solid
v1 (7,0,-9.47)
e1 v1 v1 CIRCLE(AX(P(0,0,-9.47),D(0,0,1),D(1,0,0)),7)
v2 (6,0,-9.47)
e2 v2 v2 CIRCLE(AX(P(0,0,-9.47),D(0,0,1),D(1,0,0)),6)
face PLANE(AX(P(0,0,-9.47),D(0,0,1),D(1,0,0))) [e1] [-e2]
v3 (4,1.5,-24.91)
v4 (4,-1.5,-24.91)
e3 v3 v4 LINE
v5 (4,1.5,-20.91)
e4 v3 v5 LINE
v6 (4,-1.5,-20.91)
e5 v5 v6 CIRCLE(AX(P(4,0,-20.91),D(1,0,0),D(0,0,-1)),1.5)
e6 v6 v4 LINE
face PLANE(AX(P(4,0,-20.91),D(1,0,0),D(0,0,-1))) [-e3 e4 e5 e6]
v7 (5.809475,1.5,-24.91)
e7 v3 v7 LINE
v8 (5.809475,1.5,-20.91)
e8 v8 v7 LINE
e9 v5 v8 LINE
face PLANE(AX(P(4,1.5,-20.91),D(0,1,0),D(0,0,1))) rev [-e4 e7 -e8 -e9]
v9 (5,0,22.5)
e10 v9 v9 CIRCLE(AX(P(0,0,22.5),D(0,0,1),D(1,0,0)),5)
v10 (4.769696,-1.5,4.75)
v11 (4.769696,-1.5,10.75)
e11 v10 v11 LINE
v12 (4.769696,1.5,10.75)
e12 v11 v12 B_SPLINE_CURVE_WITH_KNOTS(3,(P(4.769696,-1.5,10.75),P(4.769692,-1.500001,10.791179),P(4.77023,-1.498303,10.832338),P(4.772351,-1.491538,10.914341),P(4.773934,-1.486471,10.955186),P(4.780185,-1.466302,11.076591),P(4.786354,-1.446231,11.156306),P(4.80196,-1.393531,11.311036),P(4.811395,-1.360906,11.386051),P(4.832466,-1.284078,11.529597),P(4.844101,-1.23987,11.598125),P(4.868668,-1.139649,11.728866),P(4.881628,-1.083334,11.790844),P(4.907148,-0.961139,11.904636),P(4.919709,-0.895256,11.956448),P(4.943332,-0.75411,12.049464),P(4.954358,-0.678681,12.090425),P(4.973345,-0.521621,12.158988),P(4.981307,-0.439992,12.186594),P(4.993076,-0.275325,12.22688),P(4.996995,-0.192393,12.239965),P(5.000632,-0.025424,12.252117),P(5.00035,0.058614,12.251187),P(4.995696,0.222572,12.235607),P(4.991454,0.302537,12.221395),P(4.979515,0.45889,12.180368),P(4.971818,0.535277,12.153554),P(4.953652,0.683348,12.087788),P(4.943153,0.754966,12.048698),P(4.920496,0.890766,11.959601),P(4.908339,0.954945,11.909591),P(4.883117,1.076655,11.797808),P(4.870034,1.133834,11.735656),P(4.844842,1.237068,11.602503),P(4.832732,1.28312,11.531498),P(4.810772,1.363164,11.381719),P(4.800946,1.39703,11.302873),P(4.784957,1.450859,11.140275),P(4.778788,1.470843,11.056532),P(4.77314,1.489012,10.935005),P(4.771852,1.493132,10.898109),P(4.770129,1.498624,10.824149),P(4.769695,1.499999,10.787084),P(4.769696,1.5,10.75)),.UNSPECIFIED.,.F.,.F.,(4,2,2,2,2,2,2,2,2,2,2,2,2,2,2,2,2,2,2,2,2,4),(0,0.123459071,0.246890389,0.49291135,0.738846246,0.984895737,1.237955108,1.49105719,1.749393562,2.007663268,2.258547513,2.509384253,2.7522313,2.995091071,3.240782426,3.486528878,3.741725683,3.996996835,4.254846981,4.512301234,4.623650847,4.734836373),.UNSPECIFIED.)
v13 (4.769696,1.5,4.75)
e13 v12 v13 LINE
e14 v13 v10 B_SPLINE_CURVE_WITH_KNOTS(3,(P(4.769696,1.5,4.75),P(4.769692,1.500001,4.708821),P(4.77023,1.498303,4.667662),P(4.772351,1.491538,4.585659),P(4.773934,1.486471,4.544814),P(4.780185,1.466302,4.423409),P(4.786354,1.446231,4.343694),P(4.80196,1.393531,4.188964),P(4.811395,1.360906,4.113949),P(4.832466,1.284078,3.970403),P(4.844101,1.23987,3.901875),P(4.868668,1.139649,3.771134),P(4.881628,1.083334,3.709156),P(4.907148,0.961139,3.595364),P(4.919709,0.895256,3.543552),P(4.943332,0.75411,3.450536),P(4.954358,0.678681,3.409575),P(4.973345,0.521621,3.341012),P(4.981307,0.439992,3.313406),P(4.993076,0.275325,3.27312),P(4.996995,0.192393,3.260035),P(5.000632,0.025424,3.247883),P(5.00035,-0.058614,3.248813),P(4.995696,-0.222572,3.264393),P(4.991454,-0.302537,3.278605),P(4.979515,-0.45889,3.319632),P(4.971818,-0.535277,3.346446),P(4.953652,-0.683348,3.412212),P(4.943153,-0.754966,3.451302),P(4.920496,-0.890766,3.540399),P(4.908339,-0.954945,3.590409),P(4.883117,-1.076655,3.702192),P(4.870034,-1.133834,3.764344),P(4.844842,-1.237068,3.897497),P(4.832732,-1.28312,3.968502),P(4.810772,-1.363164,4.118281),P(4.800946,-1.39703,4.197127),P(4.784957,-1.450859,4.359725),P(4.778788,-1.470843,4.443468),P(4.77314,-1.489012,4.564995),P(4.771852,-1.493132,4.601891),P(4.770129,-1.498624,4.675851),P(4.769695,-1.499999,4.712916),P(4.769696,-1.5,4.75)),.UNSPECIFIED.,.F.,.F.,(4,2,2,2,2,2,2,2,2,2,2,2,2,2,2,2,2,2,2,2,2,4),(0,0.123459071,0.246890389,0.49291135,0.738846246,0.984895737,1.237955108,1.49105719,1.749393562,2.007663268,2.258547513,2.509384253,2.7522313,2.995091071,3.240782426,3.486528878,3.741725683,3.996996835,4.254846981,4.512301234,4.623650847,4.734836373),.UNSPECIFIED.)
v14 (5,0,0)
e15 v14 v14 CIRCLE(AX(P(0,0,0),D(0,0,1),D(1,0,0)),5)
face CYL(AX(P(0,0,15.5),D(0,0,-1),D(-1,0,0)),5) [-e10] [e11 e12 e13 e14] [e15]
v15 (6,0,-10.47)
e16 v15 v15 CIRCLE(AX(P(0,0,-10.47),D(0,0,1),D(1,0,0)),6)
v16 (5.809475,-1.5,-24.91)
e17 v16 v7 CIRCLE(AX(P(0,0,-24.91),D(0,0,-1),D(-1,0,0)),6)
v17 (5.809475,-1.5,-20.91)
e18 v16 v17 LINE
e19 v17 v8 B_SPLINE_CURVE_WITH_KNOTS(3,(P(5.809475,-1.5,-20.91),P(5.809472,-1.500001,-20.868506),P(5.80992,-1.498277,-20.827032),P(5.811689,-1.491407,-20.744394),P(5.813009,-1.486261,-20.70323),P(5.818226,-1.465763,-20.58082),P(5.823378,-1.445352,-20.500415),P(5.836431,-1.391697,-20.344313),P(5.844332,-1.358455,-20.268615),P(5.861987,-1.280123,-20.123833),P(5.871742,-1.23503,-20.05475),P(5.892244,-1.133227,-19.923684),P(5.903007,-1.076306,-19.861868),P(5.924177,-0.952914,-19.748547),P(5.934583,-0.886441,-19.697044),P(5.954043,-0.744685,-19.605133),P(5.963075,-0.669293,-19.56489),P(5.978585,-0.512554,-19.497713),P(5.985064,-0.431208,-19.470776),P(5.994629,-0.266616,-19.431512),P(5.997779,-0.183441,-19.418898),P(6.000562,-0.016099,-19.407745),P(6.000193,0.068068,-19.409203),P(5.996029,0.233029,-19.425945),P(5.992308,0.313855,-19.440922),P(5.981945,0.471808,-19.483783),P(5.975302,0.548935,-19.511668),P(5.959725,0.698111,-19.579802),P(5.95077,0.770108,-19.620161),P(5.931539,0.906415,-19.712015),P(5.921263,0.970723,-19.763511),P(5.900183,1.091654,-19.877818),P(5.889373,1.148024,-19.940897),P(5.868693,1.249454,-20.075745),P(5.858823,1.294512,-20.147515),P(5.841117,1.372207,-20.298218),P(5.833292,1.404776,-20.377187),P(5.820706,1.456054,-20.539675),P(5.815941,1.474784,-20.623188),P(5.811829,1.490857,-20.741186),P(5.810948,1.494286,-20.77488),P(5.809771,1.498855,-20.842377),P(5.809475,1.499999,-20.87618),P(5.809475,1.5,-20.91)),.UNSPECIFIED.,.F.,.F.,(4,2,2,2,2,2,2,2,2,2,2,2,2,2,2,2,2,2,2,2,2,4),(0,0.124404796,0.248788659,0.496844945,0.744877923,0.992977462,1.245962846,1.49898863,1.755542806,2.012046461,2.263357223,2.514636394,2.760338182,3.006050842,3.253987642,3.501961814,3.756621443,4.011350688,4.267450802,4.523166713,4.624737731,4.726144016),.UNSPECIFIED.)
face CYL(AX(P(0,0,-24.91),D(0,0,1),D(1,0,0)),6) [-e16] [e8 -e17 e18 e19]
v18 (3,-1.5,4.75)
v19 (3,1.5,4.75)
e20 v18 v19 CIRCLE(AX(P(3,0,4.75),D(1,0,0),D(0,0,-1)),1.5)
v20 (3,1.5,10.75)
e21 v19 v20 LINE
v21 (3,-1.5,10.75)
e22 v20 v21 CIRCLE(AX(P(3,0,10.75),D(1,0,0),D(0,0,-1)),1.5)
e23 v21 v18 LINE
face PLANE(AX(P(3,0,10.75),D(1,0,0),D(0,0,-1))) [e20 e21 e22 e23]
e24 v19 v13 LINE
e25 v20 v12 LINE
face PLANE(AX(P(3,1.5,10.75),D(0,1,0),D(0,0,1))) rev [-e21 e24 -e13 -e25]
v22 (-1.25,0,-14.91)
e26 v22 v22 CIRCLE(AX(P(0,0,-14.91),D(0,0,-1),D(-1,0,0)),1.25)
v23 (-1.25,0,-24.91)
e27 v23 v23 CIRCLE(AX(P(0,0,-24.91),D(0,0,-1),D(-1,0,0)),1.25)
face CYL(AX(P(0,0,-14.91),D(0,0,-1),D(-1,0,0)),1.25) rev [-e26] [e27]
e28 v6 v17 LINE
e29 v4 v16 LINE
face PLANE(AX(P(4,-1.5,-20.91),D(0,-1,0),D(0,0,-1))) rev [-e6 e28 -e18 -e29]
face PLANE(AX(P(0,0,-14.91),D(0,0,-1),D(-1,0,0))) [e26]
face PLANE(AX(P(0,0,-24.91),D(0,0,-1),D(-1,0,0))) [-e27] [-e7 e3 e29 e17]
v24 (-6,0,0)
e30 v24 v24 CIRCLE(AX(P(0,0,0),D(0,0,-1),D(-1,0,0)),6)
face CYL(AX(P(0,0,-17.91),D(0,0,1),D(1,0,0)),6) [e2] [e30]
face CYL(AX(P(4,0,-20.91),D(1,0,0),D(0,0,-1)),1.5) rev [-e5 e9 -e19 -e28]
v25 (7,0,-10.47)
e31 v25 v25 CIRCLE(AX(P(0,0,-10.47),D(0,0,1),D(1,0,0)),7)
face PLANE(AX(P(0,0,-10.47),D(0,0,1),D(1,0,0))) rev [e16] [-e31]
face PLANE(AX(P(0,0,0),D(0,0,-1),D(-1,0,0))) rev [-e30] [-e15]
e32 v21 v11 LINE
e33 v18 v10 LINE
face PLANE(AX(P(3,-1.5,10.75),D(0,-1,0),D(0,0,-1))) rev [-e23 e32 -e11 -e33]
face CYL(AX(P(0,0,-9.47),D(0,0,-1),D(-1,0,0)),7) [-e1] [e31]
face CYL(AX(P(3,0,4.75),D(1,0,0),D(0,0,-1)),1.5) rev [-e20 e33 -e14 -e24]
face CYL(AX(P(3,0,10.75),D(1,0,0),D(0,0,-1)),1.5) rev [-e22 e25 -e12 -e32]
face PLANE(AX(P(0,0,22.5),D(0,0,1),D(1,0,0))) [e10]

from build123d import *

# Parameters (mm, degrees)
SKETCH_1_R          = 5
EXTRUDE_1_DEPTH     = 15.5
SKETCH_2_R          = 6
EXTRUDE_2_DEPTH     = 17.91
CUT_EXTRUDE_1_DEPTH = 2
SKETCH_4_R          = 5
EXTRUDE_3_DEPTH     = 7
SKETCH_5_R          = 7
EXTRUDE_4_DEPTH     = 1
SKETCH_6_R          = 6
EXTRUDE_5_DEPTH     = 6
CUT_EXTRUDE_2_DEPTH = 2
SKETCH_8_R          = 1.25
CUT_EXTRUDE_3_DEPTH = 10
EXTRUDE_START       = 1
SKETCH_9_R          = 7
EXTRUDE_6_DEPTH     = 1
CUT_EXTRUDE_START   = -1
SKETCH_10_R         = 7
SKETCH_10_R_2       = 6
CUT_EXTRUDE_5_DEPTH = 1


with BuildPart() as part:
    # 草图1 → 凸台-拉伸1 (new body)
    with BuildSketch(Plane.XY):
        Circle(SKETCH_1_R)
    extrude(amount=EXTRUDE_1_DEPTH)

    # 草图2 → 凸台-拉伸2 (add)
    with BuildSketch(Plane(origin=(0, 0, 0), x_dir=(-1, 0, 0), z_dir=(0, 0, -1))):
        Circle(SKETCH_2_R)
    extrude(amount=EXTRUDE_2_DEPTH)

    # 草图3 → 切除-拉伸1 (cut)
    with BuildSketch(Plane(origin=(5, 0, 0), x_dir=(0, 0, -1), z_dir=(1, 0, 0))):
        with BuildLine():
            Line((-10.75, 1.5), (-4.75, 1.5))
            ThreePointArc((-4.75, 1.5), (-3.25, 0), (-4.75, -1.5))
            Line((-4.75, -1.5), (-10.75, -1.5))
            ThreePointArc((-10.75, -1.5), (-12.25, 0), (-10.75, 1.5))
        make_face()
    extrude(amount=-CUT_EXTRUDE_1_DEPTH, mode=Mode.SUBTRACT)

    # 草图4 → 凸台-拉伸3 (add)
    with BuildSketch(Plane.XY.offset(15.5)):
        Circle(SKETCH_4_R)
    extrude(amount=EXTRUDE_3_DEPTH)

    # 草图5 → 凸台-拉伸4 (add)
    with BuildSketch(Plane(origin=(0, 0, -17.91), x_dir=(-1, 0, 0), z_dir=(0, 0, -1))):
        Circle(SKETCH_5_R)
    extrude(amount=EXTRUDE_4_DEPTH)

    # 草图6 → 凸台-拉伸5 (add)
    with BuildSketch(Plane(origin=(0, 0, -18.91), x_dir=(-1, 0, 0), z_dir=(0, 0, -1))):
        Circle(SKETCH_6_R)
    extrude(amount=EXTRUDE_5_DEPTH)

    # 草图7 → 切除-拉伸2 (cut)
    with BuildSketch(Plane(origin=(6, 0, 0), x_dir=(0, 0, -1), z_dir=(1, 0, 0))):
        with BuildLine():
            Line((20.91, 1.5), (24.91, 1.5))
            ThreePointArc((24.91, 1.5), (26.41, 0), (24.91, -1.5))
            Line((24.91, -1.5), (20.91, -1.5))
            ThreePointArc((20.91, -1.5), (19.41, 0), (20.91, 1.5))
        make_face()
    extrude(amount=-CUT_EXTRUDE_2_DEPTH, mode=Mode.SUBTRACT)

    # 草图8 → 切除-拉伸3 (cut)
    with BuildSketch(Plane(origin=(0, 0, -24.91), x_dir=(-1, 0, 0), z_dir=(0, 0, -1))):
        Circle(SKETCH_8_R)
    extrude(amount=-CUT_EXTRUDE_3_DEPTH, mode=Mode.SUBTRACT)

    # 草图9 → 凸台-拉伸6 (add)
    with BuildSketch(Plane.XY.offset(-10.47).offset(EXTRUDE_START)):
        with Locations(Location((0, 0, 0), (0, 0, 180))):
            Circle(SKETCH_9_R)
    extrude(amount=-EXTRUDE_6_DEPTH)

    # 草图10 → 切除-拉伸5 (cut)
    with BuildSketch(Plane(origin=(0, 0, -18.91), x_dir=(-1, 0, 0), z_dir=(0, 0, -1)).offset(CUT_EXTRUDE_START)):
        with Locations(Location((0, 0, 0), (0, 0, 180))):
            Circle(SKETCH_10_R)
        with Locations(Location((0, 0, 0), (0, 0, 180))):
            Circle(SKETCH_10_R_2, mode=Mode.SUBTRACT)
    extrude(amount=CUT_EXTRUDE_5_DEPTH, mode=Mode.SUBTRACT)


solid = part.part
